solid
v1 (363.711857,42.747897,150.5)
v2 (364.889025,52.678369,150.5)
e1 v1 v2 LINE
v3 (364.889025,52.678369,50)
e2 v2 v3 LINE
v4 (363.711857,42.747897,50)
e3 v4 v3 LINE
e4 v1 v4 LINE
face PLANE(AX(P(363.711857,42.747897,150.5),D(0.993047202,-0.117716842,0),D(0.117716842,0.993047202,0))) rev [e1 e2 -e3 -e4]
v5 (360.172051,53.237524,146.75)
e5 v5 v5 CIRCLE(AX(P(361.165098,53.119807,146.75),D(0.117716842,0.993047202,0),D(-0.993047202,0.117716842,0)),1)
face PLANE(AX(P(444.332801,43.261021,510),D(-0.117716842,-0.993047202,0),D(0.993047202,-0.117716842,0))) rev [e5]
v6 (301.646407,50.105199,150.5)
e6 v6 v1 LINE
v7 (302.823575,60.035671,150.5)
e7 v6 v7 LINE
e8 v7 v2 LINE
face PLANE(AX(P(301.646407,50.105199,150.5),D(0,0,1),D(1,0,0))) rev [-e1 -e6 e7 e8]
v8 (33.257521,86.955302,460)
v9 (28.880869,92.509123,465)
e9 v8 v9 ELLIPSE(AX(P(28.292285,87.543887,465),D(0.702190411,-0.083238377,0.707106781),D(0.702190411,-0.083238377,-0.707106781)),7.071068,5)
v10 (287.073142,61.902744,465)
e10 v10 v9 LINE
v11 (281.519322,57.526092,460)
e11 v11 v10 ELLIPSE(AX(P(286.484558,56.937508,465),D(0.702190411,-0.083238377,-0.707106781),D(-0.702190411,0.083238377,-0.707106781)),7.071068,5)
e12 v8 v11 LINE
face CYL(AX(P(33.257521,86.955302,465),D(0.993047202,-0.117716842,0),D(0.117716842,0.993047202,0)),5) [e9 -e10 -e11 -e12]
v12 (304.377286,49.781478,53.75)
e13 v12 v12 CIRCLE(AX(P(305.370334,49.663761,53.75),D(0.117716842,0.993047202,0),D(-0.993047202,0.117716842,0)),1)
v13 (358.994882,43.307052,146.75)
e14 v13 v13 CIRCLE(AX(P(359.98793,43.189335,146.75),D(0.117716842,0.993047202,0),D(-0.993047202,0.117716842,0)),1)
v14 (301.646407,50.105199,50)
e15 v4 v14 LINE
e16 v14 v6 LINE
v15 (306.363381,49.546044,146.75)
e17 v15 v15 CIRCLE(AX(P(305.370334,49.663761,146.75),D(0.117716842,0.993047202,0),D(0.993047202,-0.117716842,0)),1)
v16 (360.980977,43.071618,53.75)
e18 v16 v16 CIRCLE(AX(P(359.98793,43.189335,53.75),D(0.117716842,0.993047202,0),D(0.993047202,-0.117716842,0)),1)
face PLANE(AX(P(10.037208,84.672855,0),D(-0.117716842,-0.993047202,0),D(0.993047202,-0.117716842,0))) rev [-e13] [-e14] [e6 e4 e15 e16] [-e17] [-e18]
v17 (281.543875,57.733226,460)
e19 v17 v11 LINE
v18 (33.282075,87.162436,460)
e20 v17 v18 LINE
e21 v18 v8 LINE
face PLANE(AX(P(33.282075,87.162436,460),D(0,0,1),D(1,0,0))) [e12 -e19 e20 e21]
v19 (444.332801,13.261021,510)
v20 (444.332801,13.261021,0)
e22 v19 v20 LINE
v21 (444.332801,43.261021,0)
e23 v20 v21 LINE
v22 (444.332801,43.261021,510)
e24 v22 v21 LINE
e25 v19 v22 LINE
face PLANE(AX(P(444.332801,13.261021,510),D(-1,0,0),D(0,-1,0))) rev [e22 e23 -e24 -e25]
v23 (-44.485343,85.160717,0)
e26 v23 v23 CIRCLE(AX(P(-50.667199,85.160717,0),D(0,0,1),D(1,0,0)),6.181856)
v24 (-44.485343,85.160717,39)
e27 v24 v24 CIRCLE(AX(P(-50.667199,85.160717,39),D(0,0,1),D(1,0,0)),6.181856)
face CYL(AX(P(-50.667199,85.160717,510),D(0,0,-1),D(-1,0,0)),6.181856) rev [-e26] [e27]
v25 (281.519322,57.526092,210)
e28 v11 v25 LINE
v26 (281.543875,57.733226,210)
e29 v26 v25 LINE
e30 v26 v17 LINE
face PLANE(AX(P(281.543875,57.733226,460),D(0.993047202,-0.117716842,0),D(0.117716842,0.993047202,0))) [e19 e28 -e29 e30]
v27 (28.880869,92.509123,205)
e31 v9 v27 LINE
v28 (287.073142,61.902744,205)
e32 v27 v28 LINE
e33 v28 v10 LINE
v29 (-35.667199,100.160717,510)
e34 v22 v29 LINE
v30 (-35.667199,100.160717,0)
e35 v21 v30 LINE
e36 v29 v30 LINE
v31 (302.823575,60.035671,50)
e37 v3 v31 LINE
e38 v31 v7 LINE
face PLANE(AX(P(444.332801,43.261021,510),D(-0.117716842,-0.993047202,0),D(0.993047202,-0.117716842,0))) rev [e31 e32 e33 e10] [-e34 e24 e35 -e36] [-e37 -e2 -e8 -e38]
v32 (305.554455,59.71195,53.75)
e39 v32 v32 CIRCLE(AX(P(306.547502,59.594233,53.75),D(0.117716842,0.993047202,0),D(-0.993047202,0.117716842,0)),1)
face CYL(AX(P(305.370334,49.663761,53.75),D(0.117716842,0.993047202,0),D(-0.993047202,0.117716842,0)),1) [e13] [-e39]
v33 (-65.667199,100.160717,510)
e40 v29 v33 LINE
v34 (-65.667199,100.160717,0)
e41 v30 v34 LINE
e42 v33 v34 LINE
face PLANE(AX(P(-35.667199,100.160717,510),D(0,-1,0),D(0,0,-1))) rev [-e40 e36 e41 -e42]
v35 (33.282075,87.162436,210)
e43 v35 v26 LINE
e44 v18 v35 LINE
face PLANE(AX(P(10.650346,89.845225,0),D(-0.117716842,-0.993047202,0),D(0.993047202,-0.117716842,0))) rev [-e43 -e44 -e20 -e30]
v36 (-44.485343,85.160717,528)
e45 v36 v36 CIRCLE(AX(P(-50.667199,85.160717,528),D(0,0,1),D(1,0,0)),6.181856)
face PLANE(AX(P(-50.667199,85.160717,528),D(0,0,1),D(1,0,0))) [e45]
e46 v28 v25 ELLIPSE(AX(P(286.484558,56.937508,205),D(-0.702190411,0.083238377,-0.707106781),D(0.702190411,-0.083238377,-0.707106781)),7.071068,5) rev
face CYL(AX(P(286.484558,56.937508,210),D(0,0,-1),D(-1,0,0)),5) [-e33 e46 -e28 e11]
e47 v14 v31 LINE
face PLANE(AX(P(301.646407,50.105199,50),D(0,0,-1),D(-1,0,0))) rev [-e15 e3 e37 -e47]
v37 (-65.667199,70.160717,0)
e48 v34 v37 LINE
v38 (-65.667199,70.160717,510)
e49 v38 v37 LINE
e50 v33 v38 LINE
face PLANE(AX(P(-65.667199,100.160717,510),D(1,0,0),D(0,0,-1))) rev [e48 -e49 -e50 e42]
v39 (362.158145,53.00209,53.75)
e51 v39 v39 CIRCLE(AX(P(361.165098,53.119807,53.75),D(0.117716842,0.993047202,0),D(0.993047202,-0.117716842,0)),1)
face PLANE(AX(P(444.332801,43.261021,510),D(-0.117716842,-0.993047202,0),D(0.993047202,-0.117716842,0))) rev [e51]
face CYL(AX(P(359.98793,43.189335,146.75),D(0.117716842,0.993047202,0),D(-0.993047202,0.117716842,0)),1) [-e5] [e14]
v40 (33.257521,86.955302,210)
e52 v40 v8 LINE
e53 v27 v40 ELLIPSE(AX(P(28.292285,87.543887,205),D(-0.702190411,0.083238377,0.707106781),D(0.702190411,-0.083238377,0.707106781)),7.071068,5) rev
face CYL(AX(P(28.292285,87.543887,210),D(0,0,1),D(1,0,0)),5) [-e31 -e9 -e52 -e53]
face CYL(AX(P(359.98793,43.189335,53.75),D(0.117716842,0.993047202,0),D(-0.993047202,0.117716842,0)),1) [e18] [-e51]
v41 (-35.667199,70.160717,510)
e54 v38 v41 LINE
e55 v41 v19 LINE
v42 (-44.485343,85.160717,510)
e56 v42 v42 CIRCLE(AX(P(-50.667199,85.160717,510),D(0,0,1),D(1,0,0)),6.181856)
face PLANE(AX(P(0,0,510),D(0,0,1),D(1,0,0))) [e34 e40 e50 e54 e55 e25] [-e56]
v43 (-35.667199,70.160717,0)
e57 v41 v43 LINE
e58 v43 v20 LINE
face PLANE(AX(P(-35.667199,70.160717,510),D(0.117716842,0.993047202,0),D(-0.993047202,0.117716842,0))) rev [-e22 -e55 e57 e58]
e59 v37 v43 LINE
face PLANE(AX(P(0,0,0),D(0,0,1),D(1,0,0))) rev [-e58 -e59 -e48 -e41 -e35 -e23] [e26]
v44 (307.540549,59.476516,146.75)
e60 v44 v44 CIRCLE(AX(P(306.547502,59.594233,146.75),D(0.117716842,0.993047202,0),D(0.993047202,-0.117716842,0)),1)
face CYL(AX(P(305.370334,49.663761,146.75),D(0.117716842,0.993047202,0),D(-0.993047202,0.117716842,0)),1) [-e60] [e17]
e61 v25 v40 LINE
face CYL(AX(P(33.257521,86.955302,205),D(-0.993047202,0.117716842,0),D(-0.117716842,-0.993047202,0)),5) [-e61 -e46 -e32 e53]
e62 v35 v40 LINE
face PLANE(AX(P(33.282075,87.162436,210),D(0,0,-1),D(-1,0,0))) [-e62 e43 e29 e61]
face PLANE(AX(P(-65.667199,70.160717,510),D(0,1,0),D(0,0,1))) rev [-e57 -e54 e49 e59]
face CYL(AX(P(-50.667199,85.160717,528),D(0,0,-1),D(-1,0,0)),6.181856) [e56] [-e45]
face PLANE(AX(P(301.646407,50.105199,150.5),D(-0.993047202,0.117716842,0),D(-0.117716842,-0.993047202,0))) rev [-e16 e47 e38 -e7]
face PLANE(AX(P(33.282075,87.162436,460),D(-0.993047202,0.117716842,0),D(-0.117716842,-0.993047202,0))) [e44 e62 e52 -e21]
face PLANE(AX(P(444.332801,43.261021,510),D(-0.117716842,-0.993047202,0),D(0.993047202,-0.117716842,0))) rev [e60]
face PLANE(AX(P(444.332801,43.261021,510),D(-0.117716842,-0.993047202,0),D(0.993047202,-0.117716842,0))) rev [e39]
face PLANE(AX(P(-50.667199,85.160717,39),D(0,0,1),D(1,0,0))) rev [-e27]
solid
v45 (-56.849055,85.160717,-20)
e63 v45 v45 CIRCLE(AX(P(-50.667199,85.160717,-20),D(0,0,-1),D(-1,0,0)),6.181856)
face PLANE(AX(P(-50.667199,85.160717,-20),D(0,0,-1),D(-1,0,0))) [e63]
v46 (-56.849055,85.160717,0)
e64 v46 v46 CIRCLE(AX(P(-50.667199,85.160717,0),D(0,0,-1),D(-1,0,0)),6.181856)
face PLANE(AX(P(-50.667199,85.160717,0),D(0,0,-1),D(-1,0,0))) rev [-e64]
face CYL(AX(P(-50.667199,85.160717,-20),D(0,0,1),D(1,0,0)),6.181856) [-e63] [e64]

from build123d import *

# Parameters (mm, degrees)
SKETCH1_R                = 6.181856154
BOSS_EXTRUDE2_DEPTH      = 510
BOSS_EXTRUDE3_DEPTH      = 18
BOSS_EXTRUDE3_DEPTH_BACK = 471
SKETCH2_R                = 6.181856154
SKETCH3_R                = 6.181856154
BOSS_EXTRUDE4_DEPTH      = 20
SKETCH4_W                = 62.5
SKETCH4_H                = 100.5
SKETCH4_R                = 1
CUT_EXTRUDE1_DEPTH       = 10
SKETCH5_W                = 250
SKETCH5_H                = 250
CUT_EXTRUDE2_DEPTH       = 10
FILLET1_R                = 5
SKETCH6_W                = 250
SKETCH6_H                = 250
CUT_EXTRUDE3_DEPTH       = 885
SKETCH7_W                = 250
SKETCH7_H                = 250
BOSS_EXTRUDE5_DEPTH      = 25


with BuildPart() as part:
    # Sketch1 → Boss-Extrude2 (new body)
    with BuildSketch(Plane.XY):
        Polygon((-65.667198797, 100.160717384), (-65.667198797, 70.160717384), (-35.667198797, 70.160717384), (444.332801203, 13.261021336), (444.332801203, 43.261021336), (-35.667198797, 100.160717384), align=None)
        with Locations((-50.667198797, 85.160717384)):
            Circle(SKETCH1_R, mode=Mode.SUBTRACT)
    extrude(amount=BOSS_EXTRUDE2_DEPTH)

    # Sketch2 → Boss-Extrude3 (add, two sides: drawn at the far end of the back side and taken through both)
    with BuildSketch(Plane.XY.offset(510).offset(-BOSS_EXTRUDE3_DEPTH_BACK)):
        with Locations((-50.667198797, 85.160717384)):
            Circle(SKETCH2_R)
    extrude(amount=BOSS_EXTRUDE3_DEPTH + BOSS_EXTRUDE3_DEPTH_BACK)

    # Sketch4 → Cut-Extrude1 (cut)
    with BuildSketch(Plane(origin=(11.214376154, 94.603327041, 0), x_dir=(0.9930472019055131, -0.11771684156326717, 0), z_dir=(0.11771684156326717, 0.9930472019055131, 0))):
        with Locations((324.900894155, -100.25)):
            Rectangle(SKETCH4_W, SKETCH4_H)
        with Locations(Location((297.400894155, -53.75, 0), (0, 0, 180))):
            Circle(SKETCH4_R, mode=Mode.SUBTRACT)
        with Locations((352.400894155, -53.75)):
            Circle(SKETCH4_R, mode=Mode.SUBTRACT)
        with Locations(Location((352.400894155, -146.75, 0), (0, 0, 180))):
            Circle(SKETCH4_R, mode=Mode.SUBTRACT)
        with Locations((297.400894155, -146.75)):
            Circle(SKETCH4_R, mode=Mode.SUBTRACT)
    extrude(amount=-CUT_EXTRUDE1_DEPTH, mode=Mode.SUBTRACT)

    # Sketch5 → Cut-Extrude2 (cut)
    with BuildSketch(Plane(origin=(11.214376154, 94.603327041, 0), x_dir=(0.9930472019055131, -0.11771684156326717, 0), z_dir=(0.11771684156326717, 0.9930472019055131, 0))):
        with Locations((147.790184736, -335)):
            Rectangle(SKETCH5_W, SKETCH5_H)
    extrude(amount=-CUT_EXTRUDE2_DEPTH, mode=Mode.SUBTRACT)

    # Fillet1
    fillet1_edges = [part.edges().sort_by_distance(p)[0] for p in [
        (33.846105337, 91.920538475, 335),
        (157.977005575, 77.205933279, 460),
        (282.107905813, 62.491328084, 335),
        (157.977005575, 77.205933279, 210),
    ]]
    fillet(fillet1_edges, radius=FILLET1_R)

    # Sketch6 → Cut-Extrude3 (cut)
    with BuildSketch(Plane(origin=(10.037207738, 84.672855022, 0), x_dir=(0.9930472019055131, -0.11771684156326716, 0), z_dir=(0.11771684156326716, 0.9930472019055131, 0))):
        with Locations((147.790184736, -335)):
            Rectangle(SKETCH6_W, SKETCH6_H)
    extrude(amount=-CUT_EXTRUDE3_DEPTH, mode=Mode.SUBTRACT)

    # Sketch7 → Boss-Extrude5 (add)
    with BuildSketch(Plane(origin=(7.70742475, 65.019044684, 0), x_dir=(0.9930472019055131, -0.1177168415632672, 0), z_dir=(-0.1177168415632672, -0.9930472019055131, 0))):
        with Locations((147.790184736, 335)):
            Rectangle(SKETCH7_W, SKETCH7_H)
    extrude(amount=-BOSS_EXTRUDE5_DEPTH)


with BuildPart() as body_2:
    # Sketch3 → Boss-Extrude4 (new body)
    with BuildSketch(Plane(origin=(0, 0, 0), x_dir=(-1, 0, 0), z_dir=(0, 0, -1))):
        with Locations((50.667198797, 85.160717384)):
            Circle(SKETCH3_R)
    extrude(amount=BOSS_EXTRUDE4_DEPTH)


solid = Compound([part.part, body_2.part])
